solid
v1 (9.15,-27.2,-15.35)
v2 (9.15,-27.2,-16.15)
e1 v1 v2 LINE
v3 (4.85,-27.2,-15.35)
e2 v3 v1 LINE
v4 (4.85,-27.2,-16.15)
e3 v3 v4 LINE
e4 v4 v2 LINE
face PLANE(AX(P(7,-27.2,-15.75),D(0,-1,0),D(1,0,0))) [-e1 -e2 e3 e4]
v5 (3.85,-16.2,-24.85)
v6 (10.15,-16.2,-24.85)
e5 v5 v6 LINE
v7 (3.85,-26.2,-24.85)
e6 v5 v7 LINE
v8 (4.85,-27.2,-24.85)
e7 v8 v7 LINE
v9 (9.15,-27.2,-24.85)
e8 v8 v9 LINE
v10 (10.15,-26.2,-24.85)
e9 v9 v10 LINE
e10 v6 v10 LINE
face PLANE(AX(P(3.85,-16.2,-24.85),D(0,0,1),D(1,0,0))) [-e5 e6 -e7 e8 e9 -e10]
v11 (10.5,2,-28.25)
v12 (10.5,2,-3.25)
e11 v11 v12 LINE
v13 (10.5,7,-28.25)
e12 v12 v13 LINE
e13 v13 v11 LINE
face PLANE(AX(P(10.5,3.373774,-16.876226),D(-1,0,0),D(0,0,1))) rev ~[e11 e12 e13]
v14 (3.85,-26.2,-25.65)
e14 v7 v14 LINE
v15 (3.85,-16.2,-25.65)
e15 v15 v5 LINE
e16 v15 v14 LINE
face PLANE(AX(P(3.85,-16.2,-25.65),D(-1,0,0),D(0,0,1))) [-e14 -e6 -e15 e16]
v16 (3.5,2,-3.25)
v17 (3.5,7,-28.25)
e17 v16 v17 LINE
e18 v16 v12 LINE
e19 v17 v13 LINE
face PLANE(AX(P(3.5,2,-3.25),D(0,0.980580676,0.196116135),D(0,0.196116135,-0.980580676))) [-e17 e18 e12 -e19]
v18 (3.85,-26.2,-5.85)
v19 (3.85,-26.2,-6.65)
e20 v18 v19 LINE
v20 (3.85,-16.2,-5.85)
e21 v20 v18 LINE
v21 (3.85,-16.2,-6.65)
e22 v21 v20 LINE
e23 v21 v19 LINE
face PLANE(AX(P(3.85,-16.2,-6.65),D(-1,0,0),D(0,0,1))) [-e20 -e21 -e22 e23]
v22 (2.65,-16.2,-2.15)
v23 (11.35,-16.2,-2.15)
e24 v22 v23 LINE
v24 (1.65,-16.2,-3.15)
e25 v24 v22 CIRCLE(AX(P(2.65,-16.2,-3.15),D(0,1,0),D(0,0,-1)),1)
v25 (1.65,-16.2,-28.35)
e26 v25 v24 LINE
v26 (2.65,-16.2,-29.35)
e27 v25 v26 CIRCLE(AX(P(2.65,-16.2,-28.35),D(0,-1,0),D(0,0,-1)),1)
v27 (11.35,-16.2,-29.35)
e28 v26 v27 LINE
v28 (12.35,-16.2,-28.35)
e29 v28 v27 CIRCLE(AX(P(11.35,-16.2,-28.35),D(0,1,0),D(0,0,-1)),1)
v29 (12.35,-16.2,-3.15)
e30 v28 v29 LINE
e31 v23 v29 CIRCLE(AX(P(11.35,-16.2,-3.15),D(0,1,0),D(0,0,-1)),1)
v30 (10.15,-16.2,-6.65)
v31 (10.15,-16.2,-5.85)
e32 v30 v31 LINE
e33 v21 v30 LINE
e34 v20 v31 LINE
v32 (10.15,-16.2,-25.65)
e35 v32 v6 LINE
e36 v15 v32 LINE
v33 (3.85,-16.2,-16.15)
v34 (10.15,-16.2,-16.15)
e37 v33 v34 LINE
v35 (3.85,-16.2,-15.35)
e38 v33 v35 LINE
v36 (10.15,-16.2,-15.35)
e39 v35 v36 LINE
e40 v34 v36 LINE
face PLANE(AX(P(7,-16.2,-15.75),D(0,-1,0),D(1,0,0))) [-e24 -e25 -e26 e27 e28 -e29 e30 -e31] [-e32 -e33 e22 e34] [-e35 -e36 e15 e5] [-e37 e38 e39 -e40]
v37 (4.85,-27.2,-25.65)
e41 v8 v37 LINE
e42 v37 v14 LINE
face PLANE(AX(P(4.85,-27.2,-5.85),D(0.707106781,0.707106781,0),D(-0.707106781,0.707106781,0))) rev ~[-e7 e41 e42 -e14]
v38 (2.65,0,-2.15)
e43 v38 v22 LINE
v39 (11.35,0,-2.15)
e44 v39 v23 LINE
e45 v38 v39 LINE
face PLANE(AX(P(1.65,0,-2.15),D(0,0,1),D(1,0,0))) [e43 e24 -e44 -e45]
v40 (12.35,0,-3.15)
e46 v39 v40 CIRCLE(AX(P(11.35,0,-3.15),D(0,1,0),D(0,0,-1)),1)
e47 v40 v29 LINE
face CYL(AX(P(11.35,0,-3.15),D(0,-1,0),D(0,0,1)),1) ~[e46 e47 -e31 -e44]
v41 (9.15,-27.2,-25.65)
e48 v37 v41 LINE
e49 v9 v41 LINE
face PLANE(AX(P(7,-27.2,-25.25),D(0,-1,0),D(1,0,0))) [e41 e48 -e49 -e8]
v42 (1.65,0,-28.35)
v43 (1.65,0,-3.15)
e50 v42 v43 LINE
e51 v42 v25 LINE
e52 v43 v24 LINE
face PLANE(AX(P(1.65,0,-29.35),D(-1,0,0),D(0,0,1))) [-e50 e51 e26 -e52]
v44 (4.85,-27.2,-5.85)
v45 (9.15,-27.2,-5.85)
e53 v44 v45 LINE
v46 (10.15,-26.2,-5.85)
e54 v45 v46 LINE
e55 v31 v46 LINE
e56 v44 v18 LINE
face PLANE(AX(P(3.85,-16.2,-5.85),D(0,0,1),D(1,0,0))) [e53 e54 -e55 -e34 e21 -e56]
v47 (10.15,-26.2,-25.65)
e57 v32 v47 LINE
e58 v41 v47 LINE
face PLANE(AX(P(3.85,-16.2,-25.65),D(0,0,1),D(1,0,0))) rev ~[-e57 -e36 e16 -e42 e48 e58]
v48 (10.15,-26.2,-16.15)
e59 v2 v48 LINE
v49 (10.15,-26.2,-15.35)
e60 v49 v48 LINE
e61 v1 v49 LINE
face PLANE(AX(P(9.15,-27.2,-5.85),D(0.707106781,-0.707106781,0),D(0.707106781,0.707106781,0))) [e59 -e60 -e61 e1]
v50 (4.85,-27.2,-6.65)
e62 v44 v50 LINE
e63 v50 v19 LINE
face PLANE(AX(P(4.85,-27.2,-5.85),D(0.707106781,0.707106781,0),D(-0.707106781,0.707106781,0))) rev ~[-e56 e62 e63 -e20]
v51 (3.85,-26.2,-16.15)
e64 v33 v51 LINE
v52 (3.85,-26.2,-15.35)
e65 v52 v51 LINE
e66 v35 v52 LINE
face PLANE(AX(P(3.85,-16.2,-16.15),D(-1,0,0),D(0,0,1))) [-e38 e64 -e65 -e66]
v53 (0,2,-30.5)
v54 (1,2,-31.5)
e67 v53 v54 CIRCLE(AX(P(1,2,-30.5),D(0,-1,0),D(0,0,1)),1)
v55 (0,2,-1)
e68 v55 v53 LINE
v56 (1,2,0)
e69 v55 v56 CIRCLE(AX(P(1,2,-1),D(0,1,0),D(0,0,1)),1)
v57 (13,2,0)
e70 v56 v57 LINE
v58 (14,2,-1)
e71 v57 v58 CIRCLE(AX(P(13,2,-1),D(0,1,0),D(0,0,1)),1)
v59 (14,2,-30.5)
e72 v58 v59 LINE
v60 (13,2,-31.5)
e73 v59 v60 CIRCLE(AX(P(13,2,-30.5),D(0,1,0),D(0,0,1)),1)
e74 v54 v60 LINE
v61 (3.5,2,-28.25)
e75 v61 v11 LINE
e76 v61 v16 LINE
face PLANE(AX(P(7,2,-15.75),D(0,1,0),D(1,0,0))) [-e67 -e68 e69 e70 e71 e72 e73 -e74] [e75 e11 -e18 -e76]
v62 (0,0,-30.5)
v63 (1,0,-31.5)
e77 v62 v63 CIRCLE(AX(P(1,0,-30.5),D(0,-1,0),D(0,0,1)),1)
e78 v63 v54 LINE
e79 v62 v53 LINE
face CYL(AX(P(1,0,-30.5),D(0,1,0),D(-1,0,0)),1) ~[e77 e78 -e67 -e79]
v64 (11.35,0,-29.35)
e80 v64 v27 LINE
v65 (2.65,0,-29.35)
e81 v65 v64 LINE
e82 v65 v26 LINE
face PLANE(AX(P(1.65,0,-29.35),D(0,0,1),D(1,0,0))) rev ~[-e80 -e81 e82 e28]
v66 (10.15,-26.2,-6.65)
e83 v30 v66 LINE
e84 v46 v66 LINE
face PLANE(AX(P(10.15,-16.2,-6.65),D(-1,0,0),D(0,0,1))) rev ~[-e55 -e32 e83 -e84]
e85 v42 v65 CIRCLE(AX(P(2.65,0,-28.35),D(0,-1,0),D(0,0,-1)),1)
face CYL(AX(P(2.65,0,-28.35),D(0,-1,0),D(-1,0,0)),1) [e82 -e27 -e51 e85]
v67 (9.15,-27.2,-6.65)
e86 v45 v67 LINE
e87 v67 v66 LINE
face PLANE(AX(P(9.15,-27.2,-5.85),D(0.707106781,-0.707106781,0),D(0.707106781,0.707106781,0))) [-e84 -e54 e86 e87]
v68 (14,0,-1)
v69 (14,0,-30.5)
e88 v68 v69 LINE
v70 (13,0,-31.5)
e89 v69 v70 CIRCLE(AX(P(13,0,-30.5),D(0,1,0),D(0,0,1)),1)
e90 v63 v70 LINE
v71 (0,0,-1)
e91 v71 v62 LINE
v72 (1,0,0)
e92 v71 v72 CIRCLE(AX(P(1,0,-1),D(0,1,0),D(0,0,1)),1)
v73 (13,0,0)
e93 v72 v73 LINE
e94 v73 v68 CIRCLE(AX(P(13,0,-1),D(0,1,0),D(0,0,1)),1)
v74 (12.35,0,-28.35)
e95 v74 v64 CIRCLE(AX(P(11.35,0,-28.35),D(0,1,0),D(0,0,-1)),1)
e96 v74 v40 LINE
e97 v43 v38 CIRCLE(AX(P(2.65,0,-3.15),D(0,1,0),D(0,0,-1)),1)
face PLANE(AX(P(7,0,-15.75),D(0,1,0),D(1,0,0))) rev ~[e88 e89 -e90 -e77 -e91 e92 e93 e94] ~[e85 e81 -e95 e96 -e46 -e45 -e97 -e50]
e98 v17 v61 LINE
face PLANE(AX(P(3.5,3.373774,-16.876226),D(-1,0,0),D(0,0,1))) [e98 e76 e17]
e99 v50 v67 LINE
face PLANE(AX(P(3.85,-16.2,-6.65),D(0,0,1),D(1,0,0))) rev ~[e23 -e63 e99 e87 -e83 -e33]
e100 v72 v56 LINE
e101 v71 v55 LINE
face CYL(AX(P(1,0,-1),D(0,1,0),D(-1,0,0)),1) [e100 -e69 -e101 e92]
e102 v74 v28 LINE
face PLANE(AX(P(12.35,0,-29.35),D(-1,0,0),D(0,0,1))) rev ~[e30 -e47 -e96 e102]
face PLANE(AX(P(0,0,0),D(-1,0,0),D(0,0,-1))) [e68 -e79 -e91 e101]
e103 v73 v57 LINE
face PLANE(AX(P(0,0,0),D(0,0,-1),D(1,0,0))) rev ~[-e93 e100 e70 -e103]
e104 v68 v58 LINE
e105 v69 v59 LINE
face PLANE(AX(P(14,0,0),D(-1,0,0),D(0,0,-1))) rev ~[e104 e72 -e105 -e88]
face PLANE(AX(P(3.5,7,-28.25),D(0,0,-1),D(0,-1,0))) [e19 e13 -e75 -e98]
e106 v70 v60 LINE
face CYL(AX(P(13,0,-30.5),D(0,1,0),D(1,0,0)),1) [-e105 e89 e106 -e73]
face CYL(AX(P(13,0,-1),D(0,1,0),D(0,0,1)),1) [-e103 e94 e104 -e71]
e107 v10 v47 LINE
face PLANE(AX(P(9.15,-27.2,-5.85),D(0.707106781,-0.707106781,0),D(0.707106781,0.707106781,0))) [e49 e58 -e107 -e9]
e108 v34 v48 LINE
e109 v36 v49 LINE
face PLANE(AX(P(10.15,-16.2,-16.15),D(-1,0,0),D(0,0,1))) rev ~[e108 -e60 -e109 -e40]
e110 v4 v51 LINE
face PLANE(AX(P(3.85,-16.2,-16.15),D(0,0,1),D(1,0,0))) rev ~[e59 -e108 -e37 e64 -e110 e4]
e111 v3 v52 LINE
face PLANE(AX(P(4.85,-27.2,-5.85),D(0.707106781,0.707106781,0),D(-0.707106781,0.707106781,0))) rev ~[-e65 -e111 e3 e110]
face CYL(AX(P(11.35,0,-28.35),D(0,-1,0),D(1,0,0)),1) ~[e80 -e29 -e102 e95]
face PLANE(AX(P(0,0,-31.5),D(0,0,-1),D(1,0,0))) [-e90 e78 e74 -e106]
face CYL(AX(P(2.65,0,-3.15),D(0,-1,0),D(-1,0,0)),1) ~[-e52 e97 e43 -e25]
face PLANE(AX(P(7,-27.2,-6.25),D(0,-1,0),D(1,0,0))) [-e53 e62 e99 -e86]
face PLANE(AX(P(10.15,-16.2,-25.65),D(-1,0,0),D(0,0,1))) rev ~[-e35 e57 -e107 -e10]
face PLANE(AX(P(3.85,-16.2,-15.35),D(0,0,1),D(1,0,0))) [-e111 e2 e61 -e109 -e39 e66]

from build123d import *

# Parameters (mm, degrees)
SKIZZE1_W                            = 14
SKIZZE1_H                            = 31.5
AUFSATZ_LINEAR_AUSTRAGEN1_DEPTH      = 2
VERRUNDUNG1_R                        = 1
SKIZZE2_W                            = 10.7
SKIZZE2_H                            = 27.2
AUFSATZ_LINEAR_AUSTRAGEN2_DEPTH      = 16.2
VERRUNDUNG2_R                        = 1
SKIZZE3_W                            = 6.3
SKIZZE3_H                            = 0.8
AUFSATZ_LINEAR_AUSTRAGEN3_DEPTH      = 11
LINEARES_MUSTER1_COUNT               = 2
LINEARES_MUSTER1_PITCH               = 9.5
LINEARES_MUSTER1_COL_COUNT           = 2
LINEARES_MUSTER1_COL_PITCH           = 9.5
SCHNITT_LINEAR_AUSTRAGEN1_DEPTH      = 40.921955112
AUFSATZ_LINEAR_AUSTRAGEN4_DEPTH      = 3.5
AUFSATZ_LINEAR_AUSTRAGEN4_DEPTH_BACK = 3.5


with BuildPart() as part:
    # Skizze1 → Aufsatz-Linear austragen1 (new body)
    with BuildSketch(Plane(origin=(0, 0, 0), x_dir=(1, 0, 0), z_dir=(0, 1, 0))):
        with Locations((7, 15.75)):
            Rectangle(SKIZZE1_W, SKIZZE1_H)
    extrude(amount=AUFSATZ_LINEAR_AUSTRAGEN1_DEPTH)

    # Verrundung1
    verrundung1_edges = [part.edges().sort_by_distance(p)[0] for p in [
        (0, 1, -31.5),
        (14, 1, -31.5),
        (14, 1, 0),
        (0, 1, 0),
    ]]
    fillet(verrundung1_edges, radius=VERRUNDUNG1_R)

    # Skizze2 → Aufsatz-Linear austragen2 (add)
    with BuildSketch(Plane.XZ):
        with Locations((7, -15.75)):
            Rectangle(SKIZZE2_W, SKIZZE2_H)
    extrude(amount=AUFSATZ_LINEAR_AUSTRAGEN2_DEPTH)

    # Verrundung2
    verrundung2_edges = [part.edges().sort_by_distance(p)[0] for p in [
        (12.35, -8.1, -29.35),
        (12.35, -8.1, -2.15),
        (1.65, -8.1, -2.15),
        (1.65, -8.1, -29.35),
    ]]
    fillet(verrundung2_edges, radius=VERRUNDUNG2_R)

    # Skizze3 → Aufsatz-Linear austragen3 (add)
    with BuildSketch(Plane.XZ.offset(16.2)):
        with Locations((7, -15.75)):
            Rectangle(SKIZZE3_W, SKIZZE3_H)
    aufsatz_linear_austragen3 = extrude(amount=AUFSATZ_LINEAR_AUSTRAGEN3_DEPTH)

    # Lineares Muster1: Aufsatz-Linear austragen3 ×2
    with Locations(*[(0, 0, -i * LINEARES_MUSTER1_PITCH) for i in range(1, LINEARES_MUSTER1_COUNT)]):
        add(aufsatz_linear_austragen3)

    # Lineares Muster1 col: Aufsatz-Linear austragen3 ×2
    with Locations(*[(0, 0, i * LINEARES_MUSTER1_COL_PITCH) for i in range(1, LINEARES_MUSTER1_COL_COUNT)]):
        add(aufsatz_linear_austragen3)

    # Skizze4 → Schnitt-Linear austragen1 (cut, through all)
    with BuildSketch(Plane.XY.offset(-5.85)):
        Polygon((3.85, -26.2), (3.85, -27.2), (4.85, -27.2), align=None)
        Polygon((9.15, -27.2), (10.15, -26.2), (10.15, -27.2), align=None)
    extrude(amount=-SCHNITT_LINEAR_AUSTRAGEN1_DEPTH, mode=Mode.SUBTRACT)

    # Skizze5 → Aufsatz-Linear austragen4 (add, two sides: drawn at the far end of the back side and taken through both)
    with BuildSketch(Plane(origin=(7, 0, 0), x_dir=(0, 0, -1), z_dir=(1, 0, 0)).offset(-AUFSATZ_LINEAR_AUSTRAGEN4_DEPTH_BACK)):
        Polygon((3.25, 2), (28.25, 7), (28.25, 2), align=None)
    extrude(amount=AUFSATZ_LINEAR_AUSTRAGEN4_DEPTH + AUFSATZ_LINEAR_AUSTRAGEN4_DEPTH_BACK)


solid = part.part
